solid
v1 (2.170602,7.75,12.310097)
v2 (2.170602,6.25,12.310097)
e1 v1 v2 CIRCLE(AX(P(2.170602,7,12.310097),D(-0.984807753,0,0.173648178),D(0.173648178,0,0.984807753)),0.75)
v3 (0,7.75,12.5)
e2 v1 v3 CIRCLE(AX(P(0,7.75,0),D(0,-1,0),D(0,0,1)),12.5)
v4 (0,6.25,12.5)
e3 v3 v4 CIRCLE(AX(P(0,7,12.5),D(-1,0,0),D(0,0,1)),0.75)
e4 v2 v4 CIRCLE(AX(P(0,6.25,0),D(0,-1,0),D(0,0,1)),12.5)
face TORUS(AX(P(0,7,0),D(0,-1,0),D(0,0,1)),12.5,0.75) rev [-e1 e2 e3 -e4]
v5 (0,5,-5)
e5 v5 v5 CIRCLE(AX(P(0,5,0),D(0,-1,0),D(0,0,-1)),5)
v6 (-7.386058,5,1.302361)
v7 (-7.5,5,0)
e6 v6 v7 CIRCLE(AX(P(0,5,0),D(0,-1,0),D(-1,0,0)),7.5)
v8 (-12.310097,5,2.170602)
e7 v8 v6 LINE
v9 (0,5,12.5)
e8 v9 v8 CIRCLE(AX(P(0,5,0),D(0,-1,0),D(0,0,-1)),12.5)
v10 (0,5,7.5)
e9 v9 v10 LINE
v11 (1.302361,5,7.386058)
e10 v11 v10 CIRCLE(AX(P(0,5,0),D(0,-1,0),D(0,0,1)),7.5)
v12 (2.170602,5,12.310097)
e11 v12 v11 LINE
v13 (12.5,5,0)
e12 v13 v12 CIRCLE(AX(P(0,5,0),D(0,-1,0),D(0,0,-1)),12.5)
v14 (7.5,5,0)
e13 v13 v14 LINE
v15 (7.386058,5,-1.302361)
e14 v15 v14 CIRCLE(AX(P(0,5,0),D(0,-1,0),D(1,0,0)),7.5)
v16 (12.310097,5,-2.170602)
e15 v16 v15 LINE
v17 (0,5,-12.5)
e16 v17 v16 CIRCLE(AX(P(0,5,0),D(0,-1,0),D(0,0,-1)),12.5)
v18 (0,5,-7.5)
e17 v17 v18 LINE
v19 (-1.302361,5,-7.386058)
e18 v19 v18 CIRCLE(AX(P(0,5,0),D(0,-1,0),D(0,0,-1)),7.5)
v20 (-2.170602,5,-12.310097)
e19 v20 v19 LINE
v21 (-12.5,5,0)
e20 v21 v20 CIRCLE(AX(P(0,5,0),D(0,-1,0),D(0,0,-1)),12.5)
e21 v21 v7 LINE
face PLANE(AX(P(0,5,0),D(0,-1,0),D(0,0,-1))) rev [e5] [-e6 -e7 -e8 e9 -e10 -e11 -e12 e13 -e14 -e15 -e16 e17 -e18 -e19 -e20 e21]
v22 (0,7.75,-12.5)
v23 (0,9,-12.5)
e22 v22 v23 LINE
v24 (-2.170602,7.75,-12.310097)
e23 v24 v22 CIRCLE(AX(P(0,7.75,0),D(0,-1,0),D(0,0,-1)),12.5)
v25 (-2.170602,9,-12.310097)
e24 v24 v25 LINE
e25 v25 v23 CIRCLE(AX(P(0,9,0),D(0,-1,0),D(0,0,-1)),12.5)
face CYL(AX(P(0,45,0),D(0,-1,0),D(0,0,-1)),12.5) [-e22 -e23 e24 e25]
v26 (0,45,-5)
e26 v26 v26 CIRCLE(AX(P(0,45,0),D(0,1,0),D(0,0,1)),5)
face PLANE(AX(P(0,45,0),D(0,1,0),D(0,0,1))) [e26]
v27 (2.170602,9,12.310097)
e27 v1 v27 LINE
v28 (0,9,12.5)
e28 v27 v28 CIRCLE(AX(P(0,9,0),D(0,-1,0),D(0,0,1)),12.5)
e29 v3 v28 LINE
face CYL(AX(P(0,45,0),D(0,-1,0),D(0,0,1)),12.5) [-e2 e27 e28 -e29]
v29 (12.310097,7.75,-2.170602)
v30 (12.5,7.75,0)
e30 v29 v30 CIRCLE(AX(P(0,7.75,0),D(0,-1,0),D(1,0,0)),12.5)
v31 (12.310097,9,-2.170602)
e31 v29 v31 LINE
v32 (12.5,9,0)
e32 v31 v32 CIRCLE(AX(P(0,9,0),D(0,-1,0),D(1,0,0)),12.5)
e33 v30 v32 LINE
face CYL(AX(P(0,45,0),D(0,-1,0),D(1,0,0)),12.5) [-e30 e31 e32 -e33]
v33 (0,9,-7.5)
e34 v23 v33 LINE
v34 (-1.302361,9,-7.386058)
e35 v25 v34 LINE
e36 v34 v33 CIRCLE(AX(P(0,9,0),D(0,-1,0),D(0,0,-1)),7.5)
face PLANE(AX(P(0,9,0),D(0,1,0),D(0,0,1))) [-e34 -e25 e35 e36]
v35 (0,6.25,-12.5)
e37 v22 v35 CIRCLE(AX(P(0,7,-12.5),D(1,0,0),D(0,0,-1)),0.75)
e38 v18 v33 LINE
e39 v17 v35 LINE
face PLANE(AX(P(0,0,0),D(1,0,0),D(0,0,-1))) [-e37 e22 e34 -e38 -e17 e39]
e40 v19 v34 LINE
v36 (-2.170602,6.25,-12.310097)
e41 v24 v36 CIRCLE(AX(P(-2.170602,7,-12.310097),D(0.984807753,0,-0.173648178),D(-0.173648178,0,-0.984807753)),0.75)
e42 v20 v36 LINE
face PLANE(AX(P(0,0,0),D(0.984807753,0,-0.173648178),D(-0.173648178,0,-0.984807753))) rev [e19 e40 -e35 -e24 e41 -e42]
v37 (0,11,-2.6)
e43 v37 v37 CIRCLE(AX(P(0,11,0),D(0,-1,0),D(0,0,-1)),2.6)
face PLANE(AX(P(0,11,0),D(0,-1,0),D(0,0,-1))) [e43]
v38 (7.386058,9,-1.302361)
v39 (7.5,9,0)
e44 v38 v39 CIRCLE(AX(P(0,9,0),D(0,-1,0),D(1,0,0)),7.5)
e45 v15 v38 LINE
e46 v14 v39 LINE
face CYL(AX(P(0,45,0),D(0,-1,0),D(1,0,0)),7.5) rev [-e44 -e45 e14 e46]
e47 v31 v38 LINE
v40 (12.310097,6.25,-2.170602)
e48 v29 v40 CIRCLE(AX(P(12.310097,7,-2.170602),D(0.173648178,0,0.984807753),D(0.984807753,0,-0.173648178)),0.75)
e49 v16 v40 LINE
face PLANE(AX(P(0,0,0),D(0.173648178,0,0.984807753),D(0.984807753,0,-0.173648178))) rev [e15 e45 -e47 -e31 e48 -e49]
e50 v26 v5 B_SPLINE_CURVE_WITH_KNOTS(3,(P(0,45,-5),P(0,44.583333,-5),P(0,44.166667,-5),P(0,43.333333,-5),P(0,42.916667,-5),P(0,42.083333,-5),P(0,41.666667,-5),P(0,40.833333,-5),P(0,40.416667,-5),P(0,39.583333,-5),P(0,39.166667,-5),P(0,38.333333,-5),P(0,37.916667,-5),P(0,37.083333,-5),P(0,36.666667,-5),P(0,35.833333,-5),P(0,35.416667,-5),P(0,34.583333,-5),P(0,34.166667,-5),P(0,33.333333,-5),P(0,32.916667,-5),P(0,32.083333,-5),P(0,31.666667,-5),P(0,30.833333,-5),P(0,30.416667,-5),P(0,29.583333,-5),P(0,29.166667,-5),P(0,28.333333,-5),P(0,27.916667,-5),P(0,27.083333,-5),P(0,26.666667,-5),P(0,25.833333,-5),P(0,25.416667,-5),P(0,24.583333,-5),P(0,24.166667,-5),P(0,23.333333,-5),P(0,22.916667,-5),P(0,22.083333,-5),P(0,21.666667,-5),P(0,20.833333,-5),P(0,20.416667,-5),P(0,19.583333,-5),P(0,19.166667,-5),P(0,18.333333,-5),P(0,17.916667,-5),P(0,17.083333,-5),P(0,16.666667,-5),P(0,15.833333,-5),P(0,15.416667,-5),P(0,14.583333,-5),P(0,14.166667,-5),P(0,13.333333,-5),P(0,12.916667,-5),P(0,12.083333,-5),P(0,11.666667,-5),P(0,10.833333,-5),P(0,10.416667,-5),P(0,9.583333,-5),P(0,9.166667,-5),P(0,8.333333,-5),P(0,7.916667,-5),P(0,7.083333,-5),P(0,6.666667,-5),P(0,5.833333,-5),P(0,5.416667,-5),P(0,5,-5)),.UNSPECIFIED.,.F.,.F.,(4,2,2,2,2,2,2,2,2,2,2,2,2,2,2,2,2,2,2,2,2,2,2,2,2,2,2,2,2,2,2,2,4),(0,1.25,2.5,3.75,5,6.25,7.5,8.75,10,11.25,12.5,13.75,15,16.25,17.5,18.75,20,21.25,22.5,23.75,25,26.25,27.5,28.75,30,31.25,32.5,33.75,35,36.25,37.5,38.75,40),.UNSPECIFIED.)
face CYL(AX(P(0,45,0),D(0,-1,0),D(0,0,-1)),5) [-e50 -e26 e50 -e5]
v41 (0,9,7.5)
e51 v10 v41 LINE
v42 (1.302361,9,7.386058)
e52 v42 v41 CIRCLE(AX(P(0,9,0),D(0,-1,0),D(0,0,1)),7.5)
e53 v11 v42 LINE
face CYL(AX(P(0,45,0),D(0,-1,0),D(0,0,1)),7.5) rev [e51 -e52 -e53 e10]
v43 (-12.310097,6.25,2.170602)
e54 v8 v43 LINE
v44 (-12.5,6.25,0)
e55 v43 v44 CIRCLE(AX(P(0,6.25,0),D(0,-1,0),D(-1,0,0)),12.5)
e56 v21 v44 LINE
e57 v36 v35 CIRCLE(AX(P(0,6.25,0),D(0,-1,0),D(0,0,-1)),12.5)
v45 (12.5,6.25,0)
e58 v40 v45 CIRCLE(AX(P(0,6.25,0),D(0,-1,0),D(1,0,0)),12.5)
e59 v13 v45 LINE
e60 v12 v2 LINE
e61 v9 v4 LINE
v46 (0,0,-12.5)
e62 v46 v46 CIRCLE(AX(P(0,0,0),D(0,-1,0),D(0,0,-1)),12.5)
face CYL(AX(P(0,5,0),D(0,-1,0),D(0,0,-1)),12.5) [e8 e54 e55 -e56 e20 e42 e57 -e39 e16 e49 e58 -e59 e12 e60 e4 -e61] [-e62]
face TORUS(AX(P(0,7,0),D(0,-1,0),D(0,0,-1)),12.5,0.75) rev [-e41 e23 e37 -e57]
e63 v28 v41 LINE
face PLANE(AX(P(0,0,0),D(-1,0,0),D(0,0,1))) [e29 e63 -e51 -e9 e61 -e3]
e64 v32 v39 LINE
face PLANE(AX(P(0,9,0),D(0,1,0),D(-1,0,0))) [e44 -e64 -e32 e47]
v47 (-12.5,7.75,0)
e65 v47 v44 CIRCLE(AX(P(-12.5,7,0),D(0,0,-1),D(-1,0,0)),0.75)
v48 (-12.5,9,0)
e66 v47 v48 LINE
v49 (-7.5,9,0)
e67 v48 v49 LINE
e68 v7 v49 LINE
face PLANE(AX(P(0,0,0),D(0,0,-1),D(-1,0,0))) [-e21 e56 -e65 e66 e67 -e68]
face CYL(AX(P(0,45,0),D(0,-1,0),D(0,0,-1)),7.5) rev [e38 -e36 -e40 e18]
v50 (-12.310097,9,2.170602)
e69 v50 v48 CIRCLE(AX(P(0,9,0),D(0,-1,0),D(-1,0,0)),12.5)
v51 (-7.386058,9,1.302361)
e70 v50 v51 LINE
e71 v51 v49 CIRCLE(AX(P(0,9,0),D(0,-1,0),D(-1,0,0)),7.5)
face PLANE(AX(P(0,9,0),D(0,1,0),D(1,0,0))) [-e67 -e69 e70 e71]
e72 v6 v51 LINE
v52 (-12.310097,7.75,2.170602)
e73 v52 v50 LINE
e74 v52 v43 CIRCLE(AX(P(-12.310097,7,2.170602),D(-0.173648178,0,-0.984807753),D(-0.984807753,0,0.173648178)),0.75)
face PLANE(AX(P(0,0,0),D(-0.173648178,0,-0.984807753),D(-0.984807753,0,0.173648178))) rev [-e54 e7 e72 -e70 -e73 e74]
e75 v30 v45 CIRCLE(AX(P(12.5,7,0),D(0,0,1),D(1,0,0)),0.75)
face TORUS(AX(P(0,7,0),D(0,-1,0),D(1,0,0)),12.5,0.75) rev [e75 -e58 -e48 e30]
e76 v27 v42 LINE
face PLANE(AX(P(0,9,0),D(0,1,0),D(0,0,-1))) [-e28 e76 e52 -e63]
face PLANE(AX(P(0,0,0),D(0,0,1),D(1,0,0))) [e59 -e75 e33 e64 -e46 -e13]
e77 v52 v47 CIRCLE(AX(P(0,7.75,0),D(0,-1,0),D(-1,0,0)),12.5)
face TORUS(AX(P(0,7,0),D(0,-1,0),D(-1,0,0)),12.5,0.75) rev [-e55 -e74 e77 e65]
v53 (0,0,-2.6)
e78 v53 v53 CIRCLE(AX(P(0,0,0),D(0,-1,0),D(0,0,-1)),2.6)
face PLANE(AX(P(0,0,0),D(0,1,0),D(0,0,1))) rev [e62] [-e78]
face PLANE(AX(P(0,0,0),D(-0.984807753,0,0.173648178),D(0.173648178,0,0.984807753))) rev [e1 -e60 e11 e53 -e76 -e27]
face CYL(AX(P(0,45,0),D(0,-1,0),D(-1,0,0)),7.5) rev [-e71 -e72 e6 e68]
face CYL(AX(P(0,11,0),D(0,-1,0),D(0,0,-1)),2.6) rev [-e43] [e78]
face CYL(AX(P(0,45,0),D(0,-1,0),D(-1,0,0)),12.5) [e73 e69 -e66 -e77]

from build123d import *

# Parameters (mm, degrees)
SKETCH1_R                  = 5
SHAFT_DEPTH                = 45
SKETCH3_R                  = 12.5
DATUM_DEPTH                = 5
WIRE_SUPPORT_ANGLE         = 10
WIRE_SUPPORT_PATTERN_COUNT = 4
SKETCH6_R                  = 2.6
HOLE_DEPTH                 = 11


with BuildPart() as part:
    # Sketch1 → Shaft (new body)
    with BuildSketch(Plane(origin=(0, 0, 0), x_dir=(1, 0, 0), z_dir=(0, 1, 0))):
        with Locations(Location((0, 0, 0), (0, 0, 90))):
            Circle(SKETCH1_R)
    extrude(amount=SHAFT_DEPTH)

    # Sketch3 → Datum (add)
    with BuildSketch(Plane(origin=(0, 0, 0), x_dir=(-1, 0, 0), z_dir=(0, -1, 0))):
        with Locations(Location((0, 0, 0), (0, 0, 90))):
            Circle(SKETCH3_R)
    extrude(amount=-DATUM_DEPTH)

    # Sketch4 → Wire Support (revolve)
    with BuildSketch(Plane(origin=(0, 0, 0), x_dir=(0, 0, -1), z_dir=(1, 0, 0))):
        with BuildLine():
            Line((7.5, 5), (12.5, 5))
            Line((12.5, 5), (12.5, 6.25))
            ThreePointArc((12.5, 6.25), (11.75, 7), (12.5, 7.75))
            Line((12.5, 7.75), (12.5, 9))
            Line((12.5, 9), (7.5, 9))
            Line((7.5, 9), (7.5, 5))
        make_face()
    wire_support = revolve(axis=Axis((0, 45, 0), (0, 1, 0)), revolution_arc=WIRE_SUPPORT_ANGLE)

    # Wire Support Pattern: Wire Support ×4 about axis
    wire_support_pattern_axis = Axis((0, 45, 0), (0, 1, 0))
    for i in range(1, WIRE_SUPPORT_PATTERN_COUNT):
        add(wire_support.rotate(wire_support_pattern_axis, i * 360 / WIRE_SUPPORT_PATTERN_COUNT))

    # Sketch6 → Hole (cut)
    with BuildSketch(Plane.XZ):
        with Locations(Location((0, 0, 0), (0, 0, 270))):
            Circle(SKETCH6_R)
    extrude(amount=-HOLE_DEPTH, mode=Mode.SUBTRACT)


solid = part.part
